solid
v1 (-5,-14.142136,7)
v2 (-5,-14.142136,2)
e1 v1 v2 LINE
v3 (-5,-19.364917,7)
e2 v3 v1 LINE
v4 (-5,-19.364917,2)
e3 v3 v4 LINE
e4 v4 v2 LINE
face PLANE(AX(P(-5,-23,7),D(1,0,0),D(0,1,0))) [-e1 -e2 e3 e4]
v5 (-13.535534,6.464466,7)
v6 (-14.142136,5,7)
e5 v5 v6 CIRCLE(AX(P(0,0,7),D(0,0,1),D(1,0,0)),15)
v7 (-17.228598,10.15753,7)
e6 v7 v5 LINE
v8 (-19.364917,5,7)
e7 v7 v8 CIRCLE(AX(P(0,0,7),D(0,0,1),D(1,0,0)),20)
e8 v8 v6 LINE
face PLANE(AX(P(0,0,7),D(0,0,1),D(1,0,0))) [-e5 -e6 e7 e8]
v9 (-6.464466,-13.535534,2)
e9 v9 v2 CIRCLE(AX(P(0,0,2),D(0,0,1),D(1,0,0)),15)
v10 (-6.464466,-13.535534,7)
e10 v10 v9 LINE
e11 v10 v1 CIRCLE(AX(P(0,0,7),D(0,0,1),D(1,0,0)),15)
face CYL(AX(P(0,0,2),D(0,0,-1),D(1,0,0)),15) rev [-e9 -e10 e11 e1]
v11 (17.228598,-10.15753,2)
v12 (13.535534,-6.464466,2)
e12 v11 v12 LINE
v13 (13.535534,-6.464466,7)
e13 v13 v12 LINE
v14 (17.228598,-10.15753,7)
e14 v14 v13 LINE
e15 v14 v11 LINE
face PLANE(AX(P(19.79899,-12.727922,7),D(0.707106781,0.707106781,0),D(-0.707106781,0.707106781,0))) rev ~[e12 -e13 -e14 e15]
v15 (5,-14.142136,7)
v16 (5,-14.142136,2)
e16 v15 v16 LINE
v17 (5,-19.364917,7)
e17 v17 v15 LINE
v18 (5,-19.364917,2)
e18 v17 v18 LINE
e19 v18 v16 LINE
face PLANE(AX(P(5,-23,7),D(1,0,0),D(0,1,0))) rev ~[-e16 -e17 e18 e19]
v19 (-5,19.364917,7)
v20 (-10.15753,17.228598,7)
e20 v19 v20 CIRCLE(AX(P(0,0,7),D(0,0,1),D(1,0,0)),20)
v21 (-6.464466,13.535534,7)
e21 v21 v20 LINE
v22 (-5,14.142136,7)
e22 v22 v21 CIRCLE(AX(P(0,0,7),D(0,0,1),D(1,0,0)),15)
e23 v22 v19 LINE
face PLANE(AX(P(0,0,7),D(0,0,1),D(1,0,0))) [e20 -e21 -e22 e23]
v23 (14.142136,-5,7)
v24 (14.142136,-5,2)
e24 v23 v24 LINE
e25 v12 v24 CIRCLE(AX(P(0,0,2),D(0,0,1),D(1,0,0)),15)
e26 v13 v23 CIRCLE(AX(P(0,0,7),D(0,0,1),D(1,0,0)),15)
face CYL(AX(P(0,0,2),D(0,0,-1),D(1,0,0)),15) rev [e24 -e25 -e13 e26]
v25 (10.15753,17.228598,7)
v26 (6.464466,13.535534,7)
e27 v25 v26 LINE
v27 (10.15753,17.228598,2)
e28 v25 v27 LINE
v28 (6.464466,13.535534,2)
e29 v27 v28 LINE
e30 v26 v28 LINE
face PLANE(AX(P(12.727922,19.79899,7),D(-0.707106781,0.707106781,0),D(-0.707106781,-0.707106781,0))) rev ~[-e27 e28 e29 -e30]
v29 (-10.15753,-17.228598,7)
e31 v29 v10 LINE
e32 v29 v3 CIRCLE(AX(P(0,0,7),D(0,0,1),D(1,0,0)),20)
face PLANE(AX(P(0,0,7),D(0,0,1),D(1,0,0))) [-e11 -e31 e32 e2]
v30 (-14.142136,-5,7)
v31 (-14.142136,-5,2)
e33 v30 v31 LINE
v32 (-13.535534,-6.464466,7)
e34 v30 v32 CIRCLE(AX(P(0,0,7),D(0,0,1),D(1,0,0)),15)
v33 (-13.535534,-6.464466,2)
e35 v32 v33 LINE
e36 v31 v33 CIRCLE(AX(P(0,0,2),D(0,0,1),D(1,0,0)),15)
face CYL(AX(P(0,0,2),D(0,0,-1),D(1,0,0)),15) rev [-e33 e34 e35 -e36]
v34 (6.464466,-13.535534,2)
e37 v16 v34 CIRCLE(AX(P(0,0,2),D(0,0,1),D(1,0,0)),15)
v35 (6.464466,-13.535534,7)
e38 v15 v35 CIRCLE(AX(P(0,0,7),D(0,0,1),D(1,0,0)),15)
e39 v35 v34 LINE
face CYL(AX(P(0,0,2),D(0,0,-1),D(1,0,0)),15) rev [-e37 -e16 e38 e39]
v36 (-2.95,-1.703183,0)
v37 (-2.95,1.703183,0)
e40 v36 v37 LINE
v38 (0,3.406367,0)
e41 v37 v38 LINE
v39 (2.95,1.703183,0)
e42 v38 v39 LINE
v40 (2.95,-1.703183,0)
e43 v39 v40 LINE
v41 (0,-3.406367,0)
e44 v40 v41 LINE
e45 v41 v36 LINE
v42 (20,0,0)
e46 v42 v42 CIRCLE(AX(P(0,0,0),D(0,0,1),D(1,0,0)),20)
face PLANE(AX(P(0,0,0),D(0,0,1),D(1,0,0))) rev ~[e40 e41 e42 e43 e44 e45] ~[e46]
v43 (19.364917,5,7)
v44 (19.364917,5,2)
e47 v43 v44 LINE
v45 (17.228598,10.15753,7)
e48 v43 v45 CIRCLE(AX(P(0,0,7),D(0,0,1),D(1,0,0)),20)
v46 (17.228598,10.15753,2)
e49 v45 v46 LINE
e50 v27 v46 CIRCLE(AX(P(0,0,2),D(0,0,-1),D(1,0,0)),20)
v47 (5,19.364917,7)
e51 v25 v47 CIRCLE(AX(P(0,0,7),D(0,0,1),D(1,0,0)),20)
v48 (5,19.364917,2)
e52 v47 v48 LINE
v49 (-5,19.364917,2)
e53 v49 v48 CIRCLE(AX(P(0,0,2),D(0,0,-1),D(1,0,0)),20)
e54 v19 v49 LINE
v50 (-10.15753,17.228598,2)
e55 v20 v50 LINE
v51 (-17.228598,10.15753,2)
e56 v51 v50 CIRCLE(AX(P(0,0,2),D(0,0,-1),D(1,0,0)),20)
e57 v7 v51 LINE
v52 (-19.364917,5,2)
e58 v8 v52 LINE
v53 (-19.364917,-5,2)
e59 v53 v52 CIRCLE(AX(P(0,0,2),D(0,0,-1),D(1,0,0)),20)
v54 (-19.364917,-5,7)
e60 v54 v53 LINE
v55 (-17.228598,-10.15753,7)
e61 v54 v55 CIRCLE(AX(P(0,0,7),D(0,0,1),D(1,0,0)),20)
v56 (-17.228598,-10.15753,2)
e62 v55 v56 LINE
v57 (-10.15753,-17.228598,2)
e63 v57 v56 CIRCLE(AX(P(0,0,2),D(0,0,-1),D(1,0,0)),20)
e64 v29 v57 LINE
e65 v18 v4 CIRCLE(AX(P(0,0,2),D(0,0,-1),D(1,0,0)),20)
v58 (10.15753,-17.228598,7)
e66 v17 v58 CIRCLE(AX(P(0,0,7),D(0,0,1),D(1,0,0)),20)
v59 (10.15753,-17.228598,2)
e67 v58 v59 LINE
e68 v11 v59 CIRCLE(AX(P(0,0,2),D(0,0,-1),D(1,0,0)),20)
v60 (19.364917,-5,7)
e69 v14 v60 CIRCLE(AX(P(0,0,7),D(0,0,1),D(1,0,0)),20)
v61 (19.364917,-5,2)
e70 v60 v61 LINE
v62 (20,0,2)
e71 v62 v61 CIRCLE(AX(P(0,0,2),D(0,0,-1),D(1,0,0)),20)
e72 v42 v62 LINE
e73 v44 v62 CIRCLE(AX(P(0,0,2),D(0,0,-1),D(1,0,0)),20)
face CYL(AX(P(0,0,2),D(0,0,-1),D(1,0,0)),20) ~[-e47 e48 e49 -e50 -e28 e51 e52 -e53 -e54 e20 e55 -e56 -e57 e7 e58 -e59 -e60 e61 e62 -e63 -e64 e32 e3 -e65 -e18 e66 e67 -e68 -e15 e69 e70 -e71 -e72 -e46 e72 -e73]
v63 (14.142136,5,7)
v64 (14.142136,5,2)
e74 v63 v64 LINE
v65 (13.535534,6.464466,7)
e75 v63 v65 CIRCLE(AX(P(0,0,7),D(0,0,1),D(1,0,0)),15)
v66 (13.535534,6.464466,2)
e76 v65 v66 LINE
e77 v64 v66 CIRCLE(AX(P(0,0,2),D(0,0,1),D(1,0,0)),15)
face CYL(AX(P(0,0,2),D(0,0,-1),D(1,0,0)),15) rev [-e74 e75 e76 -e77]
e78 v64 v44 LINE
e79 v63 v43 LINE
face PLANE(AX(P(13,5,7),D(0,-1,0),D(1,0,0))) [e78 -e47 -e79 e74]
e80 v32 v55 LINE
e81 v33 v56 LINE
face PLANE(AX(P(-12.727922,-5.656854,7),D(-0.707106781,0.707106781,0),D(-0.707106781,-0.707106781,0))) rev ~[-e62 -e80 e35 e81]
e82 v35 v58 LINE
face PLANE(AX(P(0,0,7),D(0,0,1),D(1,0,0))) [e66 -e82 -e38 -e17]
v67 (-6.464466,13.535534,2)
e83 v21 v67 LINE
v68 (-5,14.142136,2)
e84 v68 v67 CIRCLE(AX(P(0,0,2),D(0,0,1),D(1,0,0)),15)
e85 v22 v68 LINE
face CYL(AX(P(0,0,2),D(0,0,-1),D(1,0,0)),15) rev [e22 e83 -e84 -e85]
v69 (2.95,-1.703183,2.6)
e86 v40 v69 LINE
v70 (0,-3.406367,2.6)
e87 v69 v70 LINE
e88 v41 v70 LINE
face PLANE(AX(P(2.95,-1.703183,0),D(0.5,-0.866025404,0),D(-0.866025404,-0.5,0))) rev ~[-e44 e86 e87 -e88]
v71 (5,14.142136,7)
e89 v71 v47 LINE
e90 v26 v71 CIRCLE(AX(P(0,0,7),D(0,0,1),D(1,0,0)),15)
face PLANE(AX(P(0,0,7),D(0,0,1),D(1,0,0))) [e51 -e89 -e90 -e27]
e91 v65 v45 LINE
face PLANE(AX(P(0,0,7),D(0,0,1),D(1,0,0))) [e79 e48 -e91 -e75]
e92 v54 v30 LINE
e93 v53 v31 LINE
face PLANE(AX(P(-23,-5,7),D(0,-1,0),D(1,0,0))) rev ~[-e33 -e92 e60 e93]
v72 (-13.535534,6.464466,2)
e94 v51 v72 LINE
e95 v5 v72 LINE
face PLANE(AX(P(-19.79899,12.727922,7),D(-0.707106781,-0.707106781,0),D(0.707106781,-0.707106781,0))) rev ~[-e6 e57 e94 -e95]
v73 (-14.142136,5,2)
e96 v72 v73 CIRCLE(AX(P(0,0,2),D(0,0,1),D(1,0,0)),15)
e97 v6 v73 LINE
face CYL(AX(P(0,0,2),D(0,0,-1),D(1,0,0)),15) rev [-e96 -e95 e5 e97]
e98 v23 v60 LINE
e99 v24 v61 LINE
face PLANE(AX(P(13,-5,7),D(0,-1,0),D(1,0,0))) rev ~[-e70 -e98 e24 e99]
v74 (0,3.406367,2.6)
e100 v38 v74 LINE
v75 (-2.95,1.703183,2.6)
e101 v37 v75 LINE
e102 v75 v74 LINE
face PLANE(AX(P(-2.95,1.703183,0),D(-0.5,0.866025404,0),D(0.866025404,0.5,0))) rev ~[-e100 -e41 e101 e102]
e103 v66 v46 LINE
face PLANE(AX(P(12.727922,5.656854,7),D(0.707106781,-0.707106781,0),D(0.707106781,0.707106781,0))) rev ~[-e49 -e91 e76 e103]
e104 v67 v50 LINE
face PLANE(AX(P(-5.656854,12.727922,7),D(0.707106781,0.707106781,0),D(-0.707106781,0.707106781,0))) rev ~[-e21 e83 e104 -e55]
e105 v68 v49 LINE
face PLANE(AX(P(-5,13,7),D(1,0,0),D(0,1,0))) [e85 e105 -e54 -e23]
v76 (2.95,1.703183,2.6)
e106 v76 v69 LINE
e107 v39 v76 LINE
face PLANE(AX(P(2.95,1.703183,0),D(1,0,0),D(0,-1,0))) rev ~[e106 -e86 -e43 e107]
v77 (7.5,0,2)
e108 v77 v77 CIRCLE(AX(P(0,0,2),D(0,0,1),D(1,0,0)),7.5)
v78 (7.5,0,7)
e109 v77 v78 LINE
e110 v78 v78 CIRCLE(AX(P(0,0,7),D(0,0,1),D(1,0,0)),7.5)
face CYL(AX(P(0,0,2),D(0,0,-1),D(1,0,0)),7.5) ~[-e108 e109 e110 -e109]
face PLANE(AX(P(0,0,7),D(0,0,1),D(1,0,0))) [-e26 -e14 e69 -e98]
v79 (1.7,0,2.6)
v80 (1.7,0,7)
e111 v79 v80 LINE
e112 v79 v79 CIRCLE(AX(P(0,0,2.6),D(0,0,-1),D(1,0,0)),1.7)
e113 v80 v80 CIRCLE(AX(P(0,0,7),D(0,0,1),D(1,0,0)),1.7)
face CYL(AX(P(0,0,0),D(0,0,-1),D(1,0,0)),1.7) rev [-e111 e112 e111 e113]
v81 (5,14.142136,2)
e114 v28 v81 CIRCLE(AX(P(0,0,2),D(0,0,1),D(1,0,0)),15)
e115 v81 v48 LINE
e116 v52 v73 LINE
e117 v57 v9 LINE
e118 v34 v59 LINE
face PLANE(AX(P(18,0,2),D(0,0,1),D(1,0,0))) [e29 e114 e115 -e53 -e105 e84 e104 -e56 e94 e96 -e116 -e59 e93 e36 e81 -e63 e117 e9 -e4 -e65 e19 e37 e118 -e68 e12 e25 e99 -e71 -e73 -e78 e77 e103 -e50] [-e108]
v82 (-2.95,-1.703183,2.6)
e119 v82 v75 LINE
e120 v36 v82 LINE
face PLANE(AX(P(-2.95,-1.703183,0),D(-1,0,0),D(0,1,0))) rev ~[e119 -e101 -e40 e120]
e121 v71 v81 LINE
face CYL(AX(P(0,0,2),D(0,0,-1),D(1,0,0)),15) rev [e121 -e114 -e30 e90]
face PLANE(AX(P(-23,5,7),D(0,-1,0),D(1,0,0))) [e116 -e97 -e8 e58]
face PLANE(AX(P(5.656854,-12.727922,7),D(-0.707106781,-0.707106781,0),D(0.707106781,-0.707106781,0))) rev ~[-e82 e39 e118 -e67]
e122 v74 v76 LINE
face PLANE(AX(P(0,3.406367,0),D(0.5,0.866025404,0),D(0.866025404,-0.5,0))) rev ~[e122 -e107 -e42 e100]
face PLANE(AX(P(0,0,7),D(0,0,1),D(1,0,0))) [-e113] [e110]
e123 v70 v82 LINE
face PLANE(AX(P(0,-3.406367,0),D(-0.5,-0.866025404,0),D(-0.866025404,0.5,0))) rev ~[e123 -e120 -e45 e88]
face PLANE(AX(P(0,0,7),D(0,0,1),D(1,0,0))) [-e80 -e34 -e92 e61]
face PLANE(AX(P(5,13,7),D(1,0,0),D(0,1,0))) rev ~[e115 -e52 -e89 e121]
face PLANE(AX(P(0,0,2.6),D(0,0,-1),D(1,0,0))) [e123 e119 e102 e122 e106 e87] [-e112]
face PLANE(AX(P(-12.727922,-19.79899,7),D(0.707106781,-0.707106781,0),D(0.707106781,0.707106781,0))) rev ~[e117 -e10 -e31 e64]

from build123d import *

# Parameters (mm, degrees)
F0_R     = 20
F0_R_2   = 1.7
F1_DEPTH = 2
F2_R     = 20
F2_R_2   = 15
F2_R_3   = 7.5
F2_R_4   = 1.7
F3_DEPTH = 5
F4_W     = 10
F4_H     = 10
F5_DEPTH = 5
F6_R     = 1.7
F7_DEPTH = 2.6


with BuildPart() as f1:
    # F0 (on Top) → F1 (new body)
    with BuildSketch(Plane.XY):
        Circle(F0_R)
        Circle(F0_R_2, mode=Mode.SUBTRACT)
    extrude(amount=F1_DEPTH)

    # F2 (on face) → F3 (join)
    with BuildSketch(Plane.XY.offset(2)):
        Circle(F2_R)
        Circle(F2_R_2, mode=Mode.SUBTRACT)
        Circle(F2_R_3)
        Circle(F2_R_4, mode=Mode.SUBTRACT)
    extrude(amount=F3_DEPTH)

    # F4 (on face) → F5 (cut, through all)
    with BuildSketch(Plane.XY.offset(7)):
        with Locations((-18, 0)):
            Rectangle(F4_W, F4_H)
        Polygon((-12.7279220614, -5.6568542495), (-19.7989898732, -12.7279220614), (-12.7279220614, -19.7989898732), (-5.6568542495, -12.7279220614), align=None)
        with Locations((0, -18)):
            Rectangle(F4_W, F4_H)
        Polygon((5.6568542495, -12.7279220614), (12.7279220614, -19.7989898732), (19.7989898732, -12.7279220614), (12.7279220614, -5.6568542495), align=None)
        with Locations((18, 0)):
            Rectangle(F4_W, F4_H)
        Polygon((12.7279220614, 5.6568542495), (19.7989898732, 12.7279220614), (12.7279220614, 19.7989898732), (5.6568542495, 12.7279220614), align=None)
        with Locations((0, 18)):
            Rectangle(F4_W, F4_H)
        Polygon((-5.6568542495, 12.7279220614), (-12.7279220614, 19.7989898732), (-19.7989898732, 12.7279220614), (-12.7279220614, 5.6568542495), align=None)
    extrude(amount=-F5_DEPTH, mode=Mode.SUBTRACT)

    # F6 (on face) → F7 (cut)
    with BuildSketch(Plane(origin=(0, 0, 0), x_dir=(1, 0, 0), z_dir=(0, 0, -1))):
        Polygon((2.95, -1.7031832941), (2.95, 1.7031832941), (0, 3.4063665882), (-2.95, 1.7031832941), (-2.95, -1.7031832941), (0, -3.4063665882), align=None)
        Circle(F6_R, mode=Mode.SUBTRACT)
    extrude(amount=-F7_DEPTH, mode=Mode.SUBTRACT)


solid = f1.part
